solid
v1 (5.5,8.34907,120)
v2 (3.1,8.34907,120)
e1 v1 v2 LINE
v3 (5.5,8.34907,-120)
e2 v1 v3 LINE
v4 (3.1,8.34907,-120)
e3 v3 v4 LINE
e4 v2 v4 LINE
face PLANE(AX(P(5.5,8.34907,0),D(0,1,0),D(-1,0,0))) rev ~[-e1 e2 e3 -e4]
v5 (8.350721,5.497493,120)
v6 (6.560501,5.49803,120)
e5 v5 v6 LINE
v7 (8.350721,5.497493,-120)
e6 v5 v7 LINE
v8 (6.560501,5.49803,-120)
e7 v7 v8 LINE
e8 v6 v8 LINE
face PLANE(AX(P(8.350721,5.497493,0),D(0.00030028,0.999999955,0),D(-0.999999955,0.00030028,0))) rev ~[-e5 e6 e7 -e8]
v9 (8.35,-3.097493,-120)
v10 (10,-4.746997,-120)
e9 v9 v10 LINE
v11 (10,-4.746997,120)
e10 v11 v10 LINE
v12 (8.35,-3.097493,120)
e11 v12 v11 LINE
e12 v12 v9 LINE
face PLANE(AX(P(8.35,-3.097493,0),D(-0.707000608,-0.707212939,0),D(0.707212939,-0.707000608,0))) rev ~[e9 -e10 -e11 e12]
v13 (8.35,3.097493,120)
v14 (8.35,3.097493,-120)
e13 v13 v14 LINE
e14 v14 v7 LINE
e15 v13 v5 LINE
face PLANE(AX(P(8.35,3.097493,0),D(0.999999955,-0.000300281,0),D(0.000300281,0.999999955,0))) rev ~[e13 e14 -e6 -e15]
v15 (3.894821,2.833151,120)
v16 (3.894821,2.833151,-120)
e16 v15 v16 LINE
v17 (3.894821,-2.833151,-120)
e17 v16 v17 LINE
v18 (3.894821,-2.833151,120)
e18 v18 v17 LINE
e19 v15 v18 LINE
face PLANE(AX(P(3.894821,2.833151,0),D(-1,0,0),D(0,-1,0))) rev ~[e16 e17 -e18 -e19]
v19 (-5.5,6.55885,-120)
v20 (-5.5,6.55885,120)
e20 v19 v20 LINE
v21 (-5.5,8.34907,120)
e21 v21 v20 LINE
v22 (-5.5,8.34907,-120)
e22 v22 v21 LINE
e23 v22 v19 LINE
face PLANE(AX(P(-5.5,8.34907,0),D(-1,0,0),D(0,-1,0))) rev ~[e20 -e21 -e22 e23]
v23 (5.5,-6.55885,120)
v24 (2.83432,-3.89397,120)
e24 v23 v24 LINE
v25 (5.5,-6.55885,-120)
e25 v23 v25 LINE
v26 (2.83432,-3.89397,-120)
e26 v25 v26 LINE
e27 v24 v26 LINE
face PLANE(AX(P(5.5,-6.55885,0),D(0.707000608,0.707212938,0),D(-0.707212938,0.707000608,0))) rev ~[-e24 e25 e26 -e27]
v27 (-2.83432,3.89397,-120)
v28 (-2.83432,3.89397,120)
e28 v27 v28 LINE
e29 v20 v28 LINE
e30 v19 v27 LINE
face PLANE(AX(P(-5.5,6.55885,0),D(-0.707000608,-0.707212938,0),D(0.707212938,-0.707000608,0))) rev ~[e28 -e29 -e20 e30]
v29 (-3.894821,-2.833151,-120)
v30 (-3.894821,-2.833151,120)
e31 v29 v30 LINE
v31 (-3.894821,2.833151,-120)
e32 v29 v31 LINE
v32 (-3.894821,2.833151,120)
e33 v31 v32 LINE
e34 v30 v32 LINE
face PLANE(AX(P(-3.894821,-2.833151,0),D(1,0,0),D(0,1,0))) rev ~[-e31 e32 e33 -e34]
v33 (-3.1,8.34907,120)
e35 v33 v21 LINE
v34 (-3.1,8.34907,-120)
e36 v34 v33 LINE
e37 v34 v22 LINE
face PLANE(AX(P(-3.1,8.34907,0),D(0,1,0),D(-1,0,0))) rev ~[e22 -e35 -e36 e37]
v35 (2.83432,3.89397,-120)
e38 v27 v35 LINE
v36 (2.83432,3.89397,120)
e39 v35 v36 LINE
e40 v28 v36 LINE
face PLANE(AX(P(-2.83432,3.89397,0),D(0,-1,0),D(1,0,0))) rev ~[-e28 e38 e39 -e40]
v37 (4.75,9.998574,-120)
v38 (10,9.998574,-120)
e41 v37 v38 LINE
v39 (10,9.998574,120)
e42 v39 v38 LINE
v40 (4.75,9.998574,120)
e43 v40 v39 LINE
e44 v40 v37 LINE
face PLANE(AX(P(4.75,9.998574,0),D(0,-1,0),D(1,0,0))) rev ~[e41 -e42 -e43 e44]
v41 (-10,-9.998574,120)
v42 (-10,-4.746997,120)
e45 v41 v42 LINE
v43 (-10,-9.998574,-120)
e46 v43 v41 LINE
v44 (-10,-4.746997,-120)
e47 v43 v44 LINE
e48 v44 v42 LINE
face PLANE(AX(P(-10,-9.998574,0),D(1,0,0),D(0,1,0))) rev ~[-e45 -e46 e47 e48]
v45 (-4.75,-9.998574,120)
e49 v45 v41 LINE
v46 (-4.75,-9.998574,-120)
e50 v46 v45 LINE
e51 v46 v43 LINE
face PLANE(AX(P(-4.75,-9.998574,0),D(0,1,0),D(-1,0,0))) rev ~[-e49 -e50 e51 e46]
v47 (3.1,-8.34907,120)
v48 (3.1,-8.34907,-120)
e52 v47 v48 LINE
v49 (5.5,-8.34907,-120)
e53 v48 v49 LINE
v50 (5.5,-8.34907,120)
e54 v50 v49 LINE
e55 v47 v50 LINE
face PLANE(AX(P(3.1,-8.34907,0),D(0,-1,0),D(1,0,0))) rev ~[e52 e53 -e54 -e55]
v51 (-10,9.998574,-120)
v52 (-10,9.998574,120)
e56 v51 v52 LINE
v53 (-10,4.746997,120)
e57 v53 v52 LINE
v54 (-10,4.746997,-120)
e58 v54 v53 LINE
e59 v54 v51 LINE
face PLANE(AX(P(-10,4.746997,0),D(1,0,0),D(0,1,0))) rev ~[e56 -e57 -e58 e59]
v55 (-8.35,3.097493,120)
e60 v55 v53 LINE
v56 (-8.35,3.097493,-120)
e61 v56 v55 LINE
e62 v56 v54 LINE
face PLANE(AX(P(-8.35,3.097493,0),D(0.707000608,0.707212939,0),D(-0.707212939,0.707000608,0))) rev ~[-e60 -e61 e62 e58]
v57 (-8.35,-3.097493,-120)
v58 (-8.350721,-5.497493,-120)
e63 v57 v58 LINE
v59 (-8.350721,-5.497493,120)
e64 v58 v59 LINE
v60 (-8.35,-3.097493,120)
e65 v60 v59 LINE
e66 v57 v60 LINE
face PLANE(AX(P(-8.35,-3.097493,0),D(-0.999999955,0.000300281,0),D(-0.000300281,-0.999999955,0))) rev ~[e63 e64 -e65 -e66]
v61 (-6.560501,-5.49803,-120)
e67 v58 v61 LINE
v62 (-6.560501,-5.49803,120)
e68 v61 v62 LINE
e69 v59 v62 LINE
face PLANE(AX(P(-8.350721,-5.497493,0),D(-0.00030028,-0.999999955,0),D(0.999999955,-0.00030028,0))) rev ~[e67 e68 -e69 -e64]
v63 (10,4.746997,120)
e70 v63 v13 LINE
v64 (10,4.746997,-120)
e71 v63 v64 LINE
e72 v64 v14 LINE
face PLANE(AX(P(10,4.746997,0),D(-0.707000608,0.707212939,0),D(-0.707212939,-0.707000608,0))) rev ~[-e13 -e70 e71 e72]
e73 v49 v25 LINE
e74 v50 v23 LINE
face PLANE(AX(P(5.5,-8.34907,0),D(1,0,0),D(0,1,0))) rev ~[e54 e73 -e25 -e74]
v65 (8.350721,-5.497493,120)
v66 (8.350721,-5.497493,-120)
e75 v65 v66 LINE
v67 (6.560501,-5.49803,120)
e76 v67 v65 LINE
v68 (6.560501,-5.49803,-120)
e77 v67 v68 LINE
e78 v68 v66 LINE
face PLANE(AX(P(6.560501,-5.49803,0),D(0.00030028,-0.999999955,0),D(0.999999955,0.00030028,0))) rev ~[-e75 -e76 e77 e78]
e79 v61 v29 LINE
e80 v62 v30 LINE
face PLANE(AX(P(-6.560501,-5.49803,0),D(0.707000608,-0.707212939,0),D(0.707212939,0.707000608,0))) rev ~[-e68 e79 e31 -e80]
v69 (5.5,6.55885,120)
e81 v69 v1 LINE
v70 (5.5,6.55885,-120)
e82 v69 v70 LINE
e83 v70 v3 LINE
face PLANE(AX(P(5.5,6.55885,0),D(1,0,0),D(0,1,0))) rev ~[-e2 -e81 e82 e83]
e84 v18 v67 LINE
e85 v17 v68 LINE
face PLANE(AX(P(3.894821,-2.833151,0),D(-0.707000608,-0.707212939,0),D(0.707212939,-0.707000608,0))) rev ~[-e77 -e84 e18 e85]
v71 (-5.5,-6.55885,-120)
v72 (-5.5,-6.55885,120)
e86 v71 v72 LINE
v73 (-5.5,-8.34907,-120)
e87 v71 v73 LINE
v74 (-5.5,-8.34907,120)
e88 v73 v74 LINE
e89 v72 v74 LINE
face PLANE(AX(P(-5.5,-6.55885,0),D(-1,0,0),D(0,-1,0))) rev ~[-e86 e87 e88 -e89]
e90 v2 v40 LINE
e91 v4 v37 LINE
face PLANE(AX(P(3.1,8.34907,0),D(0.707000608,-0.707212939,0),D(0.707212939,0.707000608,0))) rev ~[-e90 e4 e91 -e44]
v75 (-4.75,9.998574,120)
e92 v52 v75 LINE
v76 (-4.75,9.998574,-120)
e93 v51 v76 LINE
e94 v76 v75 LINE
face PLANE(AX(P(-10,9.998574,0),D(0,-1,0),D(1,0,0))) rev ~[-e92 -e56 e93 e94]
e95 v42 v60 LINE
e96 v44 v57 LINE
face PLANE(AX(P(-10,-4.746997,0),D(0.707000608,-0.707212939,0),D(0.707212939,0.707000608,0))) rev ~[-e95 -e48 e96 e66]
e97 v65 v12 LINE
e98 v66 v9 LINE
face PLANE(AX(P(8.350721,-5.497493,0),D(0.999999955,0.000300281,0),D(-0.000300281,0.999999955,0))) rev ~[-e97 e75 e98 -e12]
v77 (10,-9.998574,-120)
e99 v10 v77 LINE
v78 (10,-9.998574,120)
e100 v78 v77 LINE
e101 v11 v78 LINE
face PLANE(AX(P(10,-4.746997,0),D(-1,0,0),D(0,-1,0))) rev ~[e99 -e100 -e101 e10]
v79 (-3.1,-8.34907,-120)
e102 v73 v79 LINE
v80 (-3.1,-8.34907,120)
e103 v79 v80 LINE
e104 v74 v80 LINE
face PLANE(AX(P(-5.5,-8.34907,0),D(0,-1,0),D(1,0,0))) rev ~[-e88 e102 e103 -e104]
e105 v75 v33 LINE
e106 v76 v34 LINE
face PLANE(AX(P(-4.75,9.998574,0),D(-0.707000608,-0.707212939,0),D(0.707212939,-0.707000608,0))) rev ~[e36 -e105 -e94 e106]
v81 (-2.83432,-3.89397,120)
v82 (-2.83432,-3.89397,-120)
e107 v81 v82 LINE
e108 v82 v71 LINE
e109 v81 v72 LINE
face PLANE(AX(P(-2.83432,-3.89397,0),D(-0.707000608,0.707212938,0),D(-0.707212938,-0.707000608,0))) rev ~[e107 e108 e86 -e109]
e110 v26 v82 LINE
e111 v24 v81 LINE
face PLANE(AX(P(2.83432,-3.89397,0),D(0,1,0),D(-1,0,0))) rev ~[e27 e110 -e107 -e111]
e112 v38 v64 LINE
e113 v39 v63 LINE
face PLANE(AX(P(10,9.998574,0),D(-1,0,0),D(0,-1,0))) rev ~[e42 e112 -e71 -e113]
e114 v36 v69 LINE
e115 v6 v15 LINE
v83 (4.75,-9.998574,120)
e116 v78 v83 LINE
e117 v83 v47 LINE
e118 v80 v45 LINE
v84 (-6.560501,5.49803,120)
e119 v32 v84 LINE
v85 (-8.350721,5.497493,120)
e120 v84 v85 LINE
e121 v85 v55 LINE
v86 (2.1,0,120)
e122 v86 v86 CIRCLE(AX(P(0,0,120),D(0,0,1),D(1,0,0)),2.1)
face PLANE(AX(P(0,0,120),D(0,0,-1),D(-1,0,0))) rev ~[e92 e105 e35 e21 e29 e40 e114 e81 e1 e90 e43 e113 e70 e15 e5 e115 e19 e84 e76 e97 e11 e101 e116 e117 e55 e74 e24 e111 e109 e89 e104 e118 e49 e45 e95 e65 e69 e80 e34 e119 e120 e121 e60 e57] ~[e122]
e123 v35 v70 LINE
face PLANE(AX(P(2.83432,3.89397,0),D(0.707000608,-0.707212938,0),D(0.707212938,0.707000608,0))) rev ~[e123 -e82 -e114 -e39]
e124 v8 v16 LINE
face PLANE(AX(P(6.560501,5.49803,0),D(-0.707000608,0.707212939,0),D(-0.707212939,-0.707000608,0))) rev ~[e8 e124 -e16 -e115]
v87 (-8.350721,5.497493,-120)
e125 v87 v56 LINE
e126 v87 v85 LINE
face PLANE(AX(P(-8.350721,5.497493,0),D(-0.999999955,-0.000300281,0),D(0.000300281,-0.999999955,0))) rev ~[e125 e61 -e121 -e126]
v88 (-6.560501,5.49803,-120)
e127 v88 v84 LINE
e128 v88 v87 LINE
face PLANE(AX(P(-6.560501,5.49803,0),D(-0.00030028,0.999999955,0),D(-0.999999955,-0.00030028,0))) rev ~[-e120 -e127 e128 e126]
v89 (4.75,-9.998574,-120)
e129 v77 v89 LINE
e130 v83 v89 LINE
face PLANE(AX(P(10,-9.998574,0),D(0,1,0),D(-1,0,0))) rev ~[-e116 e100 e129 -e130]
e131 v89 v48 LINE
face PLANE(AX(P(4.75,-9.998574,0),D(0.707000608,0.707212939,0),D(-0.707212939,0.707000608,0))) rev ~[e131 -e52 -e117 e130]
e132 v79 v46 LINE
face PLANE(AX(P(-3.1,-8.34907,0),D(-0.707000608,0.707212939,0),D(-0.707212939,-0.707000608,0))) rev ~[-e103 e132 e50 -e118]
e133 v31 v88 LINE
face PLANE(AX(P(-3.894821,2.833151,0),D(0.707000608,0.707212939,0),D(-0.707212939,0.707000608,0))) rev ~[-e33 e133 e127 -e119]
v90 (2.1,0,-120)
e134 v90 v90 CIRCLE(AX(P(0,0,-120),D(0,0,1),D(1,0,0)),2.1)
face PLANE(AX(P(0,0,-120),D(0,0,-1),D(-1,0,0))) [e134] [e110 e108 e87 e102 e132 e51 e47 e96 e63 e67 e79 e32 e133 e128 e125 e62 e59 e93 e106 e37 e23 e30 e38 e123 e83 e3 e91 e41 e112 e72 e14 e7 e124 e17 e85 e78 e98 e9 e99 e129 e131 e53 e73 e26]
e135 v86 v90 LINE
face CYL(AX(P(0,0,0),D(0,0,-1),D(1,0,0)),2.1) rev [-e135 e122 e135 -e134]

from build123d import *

# Parameters (mm, degrees)
SKETCH1_R           = 2.1
BOSS_EXTRUDE1_DEPTH = 120


with BuildPart() as part:
    # Sketch1 → Boss-Extrude1 (new, symmetric)
    with BuildSketch(Plane.XY):
        Polygon((2.834320347, 3.893970342), (5.5, 6.558849663), (5.5, 8.349069506), (3.1, 8.349069506), (4.75, 9.998574117), (10, 9.998574117), (10, 4.746997406), (8.35, 3.097492795), (8.350720674, 5.497492687), (6.560500912, 5.498030255), (3.894821259, 2.833150935), (3.894821259, -2.833150935), (6.560500912, -5.498030255), (8.350720674, -5.497492687), (8.35, -3.097492795), (10, -4.746997406), (10, -9.998574117), (4.75, -9.998574117), (3.1, -8.349069506), (5.5, -8.349069506), (5.5, -6.558849663), (2.834320347, -3.893970342), (-2.834320347, -3.893970342), (-5.5, -6.558849663), (-5.5, -8.349069506), (-3.1, -8.349069506), (-4.75, -9.998574117), (-10, -9.998574117), (-10, -4.746997406), (-8.35, -3.097492795), (-8.350720674, -5.497492687), (-6.560500912, -5.498030255), (-3.894821259, -2.833150935), (-3.894821259, 2.833150935), (-6.560500912, 5.498030255), (-8.350720674, 5.497492687), (-8.35, 3.097492795), (-10, 4.746997406), (-10, 9.998574117), (-4.75, 9.998574117), (-3.1, 8.349069506), (-5.5, 8.349069506), (-5.5, 6.558849663), (-2.834320347, 3.893970342), align=None)
        Circle(SKETCH1_R, mode=Mode.SUBTRACT)
    extrude(amount=BOSS_EXTRUDE1_DEPTH, both=True)


solid = part.part
